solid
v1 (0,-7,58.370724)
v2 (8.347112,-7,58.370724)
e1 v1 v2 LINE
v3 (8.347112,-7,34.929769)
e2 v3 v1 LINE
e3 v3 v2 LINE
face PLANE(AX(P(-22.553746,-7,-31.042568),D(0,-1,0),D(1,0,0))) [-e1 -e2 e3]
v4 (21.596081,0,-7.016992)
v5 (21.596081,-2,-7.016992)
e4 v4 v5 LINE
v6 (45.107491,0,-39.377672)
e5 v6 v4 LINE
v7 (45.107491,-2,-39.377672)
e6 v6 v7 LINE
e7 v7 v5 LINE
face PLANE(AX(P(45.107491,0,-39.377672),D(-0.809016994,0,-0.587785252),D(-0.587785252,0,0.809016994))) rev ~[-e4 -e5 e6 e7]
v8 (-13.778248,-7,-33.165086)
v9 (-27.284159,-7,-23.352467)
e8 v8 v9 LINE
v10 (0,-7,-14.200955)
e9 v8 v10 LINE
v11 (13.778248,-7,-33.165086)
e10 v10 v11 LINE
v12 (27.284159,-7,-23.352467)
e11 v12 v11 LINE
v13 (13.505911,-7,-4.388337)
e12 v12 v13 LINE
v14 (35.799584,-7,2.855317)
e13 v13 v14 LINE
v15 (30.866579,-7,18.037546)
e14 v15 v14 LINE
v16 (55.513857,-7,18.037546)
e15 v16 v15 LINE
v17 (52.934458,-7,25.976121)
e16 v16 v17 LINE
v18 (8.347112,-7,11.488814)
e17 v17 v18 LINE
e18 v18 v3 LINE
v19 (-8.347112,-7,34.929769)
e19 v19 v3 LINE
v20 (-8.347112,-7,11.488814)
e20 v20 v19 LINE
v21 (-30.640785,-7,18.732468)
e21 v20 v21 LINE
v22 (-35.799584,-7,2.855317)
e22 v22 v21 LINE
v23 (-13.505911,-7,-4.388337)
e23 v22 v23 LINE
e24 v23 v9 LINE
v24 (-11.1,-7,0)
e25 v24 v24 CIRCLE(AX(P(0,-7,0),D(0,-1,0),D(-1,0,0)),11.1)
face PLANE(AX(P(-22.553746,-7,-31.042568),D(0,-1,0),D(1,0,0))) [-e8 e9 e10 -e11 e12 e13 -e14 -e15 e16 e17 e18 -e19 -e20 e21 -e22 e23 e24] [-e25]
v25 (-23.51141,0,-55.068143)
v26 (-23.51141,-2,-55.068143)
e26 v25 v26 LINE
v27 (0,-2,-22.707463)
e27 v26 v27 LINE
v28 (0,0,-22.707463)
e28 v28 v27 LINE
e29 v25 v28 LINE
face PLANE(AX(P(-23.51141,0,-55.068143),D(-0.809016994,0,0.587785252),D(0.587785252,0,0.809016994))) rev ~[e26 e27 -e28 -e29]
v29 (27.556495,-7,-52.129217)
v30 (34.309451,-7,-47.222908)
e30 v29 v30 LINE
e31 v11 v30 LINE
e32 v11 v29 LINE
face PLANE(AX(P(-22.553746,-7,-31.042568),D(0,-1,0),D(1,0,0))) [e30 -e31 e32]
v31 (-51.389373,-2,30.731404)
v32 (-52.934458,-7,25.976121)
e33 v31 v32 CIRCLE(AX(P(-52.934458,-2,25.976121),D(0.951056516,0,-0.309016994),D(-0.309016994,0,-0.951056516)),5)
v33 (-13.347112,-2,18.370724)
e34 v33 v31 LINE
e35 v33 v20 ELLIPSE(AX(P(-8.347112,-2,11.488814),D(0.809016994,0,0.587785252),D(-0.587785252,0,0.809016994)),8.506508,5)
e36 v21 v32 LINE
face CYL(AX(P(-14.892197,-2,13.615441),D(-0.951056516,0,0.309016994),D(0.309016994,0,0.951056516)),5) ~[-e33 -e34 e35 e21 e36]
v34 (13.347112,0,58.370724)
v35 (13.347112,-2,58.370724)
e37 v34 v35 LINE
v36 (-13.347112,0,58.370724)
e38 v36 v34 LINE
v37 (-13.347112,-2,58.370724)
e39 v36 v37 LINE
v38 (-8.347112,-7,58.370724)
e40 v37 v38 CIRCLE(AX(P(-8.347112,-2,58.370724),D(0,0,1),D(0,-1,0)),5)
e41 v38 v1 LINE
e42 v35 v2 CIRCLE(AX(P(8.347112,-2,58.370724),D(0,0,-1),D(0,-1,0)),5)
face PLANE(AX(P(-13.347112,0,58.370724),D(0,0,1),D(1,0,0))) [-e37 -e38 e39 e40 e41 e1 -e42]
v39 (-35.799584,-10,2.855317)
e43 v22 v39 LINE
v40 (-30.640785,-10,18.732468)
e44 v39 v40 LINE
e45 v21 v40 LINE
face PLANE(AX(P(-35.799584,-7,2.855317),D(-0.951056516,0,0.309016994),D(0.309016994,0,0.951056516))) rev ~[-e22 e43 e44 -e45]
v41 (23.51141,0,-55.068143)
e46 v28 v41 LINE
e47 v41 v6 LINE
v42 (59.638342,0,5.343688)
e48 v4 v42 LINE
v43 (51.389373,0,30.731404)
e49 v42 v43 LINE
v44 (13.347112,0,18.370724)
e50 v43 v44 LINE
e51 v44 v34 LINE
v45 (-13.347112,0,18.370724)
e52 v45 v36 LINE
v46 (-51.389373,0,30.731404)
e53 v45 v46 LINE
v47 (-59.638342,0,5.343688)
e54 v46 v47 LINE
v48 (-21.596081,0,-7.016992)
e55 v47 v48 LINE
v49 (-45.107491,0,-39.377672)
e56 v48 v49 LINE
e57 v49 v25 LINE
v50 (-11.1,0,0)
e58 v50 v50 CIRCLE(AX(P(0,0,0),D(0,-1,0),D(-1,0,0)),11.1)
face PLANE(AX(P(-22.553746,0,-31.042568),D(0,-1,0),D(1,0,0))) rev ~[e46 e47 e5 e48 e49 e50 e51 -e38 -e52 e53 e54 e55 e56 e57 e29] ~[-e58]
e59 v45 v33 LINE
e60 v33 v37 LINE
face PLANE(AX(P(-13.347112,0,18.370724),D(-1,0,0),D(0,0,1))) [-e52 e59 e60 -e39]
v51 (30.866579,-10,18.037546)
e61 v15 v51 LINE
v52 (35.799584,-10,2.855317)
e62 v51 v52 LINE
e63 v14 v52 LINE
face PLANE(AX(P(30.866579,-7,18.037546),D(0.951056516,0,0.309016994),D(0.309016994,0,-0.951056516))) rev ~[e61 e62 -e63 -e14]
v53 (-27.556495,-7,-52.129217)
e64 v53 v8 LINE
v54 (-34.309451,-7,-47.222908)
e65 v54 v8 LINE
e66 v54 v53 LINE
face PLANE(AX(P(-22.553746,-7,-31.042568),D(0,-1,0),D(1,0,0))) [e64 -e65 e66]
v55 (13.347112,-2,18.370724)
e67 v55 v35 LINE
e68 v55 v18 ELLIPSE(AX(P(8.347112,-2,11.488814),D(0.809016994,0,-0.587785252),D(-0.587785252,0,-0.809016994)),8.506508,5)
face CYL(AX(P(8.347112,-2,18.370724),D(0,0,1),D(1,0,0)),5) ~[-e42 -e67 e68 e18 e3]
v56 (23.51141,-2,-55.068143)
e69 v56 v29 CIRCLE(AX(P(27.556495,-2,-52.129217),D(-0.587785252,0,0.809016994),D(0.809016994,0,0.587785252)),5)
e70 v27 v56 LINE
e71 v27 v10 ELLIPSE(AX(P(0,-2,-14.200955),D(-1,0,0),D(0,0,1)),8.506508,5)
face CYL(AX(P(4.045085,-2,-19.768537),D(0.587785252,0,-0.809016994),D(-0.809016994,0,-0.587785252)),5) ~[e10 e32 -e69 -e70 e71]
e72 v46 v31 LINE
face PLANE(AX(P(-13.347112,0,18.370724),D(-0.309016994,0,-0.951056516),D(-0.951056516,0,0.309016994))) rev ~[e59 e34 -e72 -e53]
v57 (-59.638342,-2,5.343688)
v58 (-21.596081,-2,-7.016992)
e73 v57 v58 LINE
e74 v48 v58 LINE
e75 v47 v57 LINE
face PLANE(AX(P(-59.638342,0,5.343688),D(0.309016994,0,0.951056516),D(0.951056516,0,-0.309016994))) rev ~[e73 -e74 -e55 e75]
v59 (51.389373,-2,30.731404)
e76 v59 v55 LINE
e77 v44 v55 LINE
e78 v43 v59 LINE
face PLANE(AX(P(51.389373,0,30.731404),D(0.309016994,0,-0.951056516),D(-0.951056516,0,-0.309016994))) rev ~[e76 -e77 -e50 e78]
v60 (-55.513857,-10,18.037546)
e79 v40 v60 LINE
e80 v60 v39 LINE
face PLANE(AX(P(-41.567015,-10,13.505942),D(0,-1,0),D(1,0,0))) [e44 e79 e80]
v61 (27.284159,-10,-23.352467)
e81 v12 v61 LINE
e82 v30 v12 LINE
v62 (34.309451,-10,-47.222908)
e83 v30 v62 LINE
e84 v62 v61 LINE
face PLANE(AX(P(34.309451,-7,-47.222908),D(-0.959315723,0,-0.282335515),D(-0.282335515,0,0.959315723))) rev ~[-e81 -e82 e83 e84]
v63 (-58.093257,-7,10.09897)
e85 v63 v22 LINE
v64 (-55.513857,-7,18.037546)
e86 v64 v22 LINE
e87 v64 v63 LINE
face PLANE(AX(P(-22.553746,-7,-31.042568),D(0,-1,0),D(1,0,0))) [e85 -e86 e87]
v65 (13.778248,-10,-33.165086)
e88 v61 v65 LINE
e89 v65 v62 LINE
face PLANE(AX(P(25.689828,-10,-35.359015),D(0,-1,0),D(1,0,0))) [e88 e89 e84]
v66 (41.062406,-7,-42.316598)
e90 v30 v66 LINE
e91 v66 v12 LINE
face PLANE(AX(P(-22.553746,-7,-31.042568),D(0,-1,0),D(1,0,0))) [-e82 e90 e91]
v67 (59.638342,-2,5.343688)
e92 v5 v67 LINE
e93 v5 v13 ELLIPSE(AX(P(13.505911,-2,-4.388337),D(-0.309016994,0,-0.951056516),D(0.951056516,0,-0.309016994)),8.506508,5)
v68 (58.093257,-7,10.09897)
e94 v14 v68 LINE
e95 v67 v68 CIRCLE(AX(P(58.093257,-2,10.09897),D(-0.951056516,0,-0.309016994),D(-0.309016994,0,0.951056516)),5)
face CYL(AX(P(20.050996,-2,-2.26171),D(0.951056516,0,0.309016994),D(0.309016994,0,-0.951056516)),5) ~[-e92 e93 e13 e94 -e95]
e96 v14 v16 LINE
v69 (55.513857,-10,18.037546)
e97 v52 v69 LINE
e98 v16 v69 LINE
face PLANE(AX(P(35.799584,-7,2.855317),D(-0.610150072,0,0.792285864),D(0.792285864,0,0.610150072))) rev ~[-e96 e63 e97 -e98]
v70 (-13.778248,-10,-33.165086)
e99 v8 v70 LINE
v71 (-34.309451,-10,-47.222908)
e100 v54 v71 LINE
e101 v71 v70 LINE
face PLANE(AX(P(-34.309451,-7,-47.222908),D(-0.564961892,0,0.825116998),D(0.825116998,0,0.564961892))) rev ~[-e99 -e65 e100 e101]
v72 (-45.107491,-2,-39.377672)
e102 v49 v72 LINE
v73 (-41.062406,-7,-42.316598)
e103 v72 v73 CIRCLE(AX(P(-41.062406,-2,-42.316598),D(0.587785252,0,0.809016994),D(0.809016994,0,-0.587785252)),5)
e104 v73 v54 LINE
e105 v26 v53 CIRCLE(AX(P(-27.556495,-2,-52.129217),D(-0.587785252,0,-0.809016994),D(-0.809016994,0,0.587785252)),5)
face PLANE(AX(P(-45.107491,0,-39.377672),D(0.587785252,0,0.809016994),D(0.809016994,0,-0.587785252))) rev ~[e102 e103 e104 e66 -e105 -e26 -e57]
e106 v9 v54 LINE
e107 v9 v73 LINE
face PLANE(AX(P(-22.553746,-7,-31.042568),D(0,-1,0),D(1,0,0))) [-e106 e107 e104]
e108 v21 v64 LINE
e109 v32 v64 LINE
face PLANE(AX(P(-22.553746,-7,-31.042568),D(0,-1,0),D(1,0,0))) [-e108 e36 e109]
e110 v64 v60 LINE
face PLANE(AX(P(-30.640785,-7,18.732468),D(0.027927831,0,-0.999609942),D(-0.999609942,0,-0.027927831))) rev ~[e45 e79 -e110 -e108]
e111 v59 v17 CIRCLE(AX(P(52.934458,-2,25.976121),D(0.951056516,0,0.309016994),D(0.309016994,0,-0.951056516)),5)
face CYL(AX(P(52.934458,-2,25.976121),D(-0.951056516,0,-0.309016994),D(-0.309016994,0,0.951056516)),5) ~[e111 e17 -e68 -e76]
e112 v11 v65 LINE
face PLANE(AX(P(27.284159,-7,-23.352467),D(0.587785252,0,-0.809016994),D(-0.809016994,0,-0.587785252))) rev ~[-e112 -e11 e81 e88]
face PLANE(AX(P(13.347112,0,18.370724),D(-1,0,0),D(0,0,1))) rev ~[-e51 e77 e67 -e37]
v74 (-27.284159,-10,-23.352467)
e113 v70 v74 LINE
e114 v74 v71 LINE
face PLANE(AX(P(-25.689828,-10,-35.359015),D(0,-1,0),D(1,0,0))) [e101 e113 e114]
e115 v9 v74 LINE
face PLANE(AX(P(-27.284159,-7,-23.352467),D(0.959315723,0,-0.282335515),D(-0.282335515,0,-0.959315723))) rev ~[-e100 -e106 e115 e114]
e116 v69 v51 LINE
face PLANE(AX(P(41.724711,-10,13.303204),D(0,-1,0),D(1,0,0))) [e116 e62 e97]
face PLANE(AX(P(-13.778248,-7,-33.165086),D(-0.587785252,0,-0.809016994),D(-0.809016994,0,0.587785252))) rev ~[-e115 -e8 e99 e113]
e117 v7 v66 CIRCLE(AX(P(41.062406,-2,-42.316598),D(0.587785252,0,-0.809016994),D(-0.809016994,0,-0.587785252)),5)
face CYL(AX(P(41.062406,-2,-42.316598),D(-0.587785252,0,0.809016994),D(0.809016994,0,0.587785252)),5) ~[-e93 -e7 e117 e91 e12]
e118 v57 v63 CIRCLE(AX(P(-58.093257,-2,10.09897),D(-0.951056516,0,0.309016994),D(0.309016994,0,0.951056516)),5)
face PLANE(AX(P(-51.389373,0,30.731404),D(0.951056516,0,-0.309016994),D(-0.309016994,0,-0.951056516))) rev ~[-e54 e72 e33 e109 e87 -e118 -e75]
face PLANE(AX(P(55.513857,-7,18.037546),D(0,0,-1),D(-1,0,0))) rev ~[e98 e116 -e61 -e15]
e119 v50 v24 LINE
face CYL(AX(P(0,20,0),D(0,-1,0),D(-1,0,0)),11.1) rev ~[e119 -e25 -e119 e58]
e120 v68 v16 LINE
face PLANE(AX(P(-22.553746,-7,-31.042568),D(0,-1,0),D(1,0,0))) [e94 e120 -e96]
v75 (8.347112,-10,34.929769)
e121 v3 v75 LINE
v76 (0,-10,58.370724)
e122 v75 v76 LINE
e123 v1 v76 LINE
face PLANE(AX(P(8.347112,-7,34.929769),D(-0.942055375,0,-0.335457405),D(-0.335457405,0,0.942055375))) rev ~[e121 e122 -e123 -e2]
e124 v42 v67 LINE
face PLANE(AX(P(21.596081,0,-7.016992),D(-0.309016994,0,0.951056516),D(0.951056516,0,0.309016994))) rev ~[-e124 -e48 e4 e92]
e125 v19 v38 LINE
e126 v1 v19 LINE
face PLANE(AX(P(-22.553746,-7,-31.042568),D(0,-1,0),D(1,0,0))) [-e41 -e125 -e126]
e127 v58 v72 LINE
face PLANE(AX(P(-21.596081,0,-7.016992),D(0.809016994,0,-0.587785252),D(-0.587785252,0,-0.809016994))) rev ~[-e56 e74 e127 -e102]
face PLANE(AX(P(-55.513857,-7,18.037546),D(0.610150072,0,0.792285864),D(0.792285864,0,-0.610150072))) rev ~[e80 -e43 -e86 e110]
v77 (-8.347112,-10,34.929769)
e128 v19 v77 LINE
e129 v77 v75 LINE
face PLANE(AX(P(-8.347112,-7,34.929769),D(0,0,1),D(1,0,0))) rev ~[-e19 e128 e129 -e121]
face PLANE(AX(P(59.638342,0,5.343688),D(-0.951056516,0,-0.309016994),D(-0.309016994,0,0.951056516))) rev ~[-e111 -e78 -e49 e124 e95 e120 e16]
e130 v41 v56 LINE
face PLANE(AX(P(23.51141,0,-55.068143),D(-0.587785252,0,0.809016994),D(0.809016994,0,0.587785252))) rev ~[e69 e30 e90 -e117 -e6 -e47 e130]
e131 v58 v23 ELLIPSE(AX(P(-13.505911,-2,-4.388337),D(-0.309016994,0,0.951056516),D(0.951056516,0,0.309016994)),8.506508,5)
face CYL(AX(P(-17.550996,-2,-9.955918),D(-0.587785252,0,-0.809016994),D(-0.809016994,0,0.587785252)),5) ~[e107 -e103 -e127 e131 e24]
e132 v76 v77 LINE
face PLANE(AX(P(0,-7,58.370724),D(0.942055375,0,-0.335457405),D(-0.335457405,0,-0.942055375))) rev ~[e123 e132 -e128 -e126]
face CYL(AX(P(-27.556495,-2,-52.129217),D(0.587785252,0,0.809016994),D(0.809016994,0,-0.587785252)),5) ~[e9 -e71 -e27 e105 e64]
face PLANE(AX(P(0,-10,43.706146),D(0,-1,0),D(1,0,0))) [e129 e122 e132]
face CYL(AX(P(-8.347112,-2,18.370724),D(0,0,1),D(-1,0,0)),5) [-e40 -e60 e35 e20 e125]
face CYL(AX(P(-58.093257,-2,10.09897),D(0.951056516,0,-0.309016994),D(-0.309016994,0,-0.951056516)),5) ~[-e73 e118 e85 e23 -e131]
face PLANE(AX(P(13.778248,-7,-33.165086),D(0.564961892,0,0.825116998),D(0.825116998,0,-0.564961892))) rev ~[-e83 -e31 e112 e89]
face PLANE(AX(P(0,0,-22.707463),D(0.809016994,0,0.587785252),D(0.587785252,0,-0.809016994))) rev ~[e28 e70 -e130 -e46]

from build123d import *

# Parameters (mm, degrees)
F0_W     = 26.6942243119
F0_H     = 40
F1_DEPTH = 7
F2_R     = 5
F4_DEPTH = 3
F6_D     = 22.2
F6_DEPTH = 20
F6_TIP   = 6.6695528712


with BuildPart() as f1:
    # F0 (on Front) → F1 (new body)
    with BuildSketch(Plane.XZ):
        Polygon((-23.5114100917, -55.0681432643), (0, -22.7074634893), (-21.59608112, -7.0169921173), (-45.1074912117, -39.3776718923), align=None)
        Polygon((-21.59608112, -7.0169921173), (0, -22.7074634893), (21.59608112, -7.0169921173), (13.347112156, 18.370723862), (-13.347112156, 18.370723862), align=None)
        Polygon((21.59608112, -7.0169921173), (0, -22.7074634893), (23.5114100917, -55.0681432643), (45.1074912117, -39.3776718923), align=None)
        Polygon((-59.6383417718, 5.3436876577), (-21.59608112, -7.0169921173), (-13.347112156, 18.370723862), (-51.3893728078, 30.731403637), align=None)
        Polygon((13.347112156, 18.370723862), (21.59608112, -7.0169921173), (59.6383417718, 5.3436876577), (51.3893728078, 30.731403637), align=None)
        with Locations((0, 38.370723862)):
            Rectangle(F0_W, F0_H)
    extrude(amount=F1_DEPTH)

    # F2
    f2_edges = [f1.edges().sort_by_distance(p)[0] for p in [
        (-40.617211, -7, -0.836652),
        (-32.368242, -7, 24.551064),
        (-11.755705, -7, -38.887803),
        (40.617211, -7, -0.836652),
        (-33.351786, -7, -23.197332),
        (33.351786, -7, -23.197332),
        (11.755705, -7, -38.887803),
        (32.368242, -7, 24.551064),
        (13.347112, -7, 38.370724),
        (-13.347112, -7, 38.370724),
    ]]
    fillet(f2_edges, radius=F2_R)

    # F3 (on face) → F4 (join)
    with BuildSketch(Plane.XZ.offset(7)):
        Polygon((-55.5138572898, 18.0375456473), (-35.7995839881, 2.8553168412), (-30.6407849678, 18.7324676575), align=None)
        Polygon((0, 58.370723862), (-8.347112156, 34.9297690608), (8.347112156, 34.9297690608), align=None)
        Polygon((55.5138572898, 18.0375456473), (30.8665788163, 18.0375456473), (35.7995839881, 2.8553168412), align=None)
        Polygon((27.284158708, -23.3524673553), (13.7782475318, -33.1650862043), (34.3094506517, -47.2229075783), align=None)
        Polygon((-13.7782475318, -33.1650862043), (-27.284158708, -23.3524673553), (-34.3094506517, -47.2229075783), align=None)
    extrude(amount=F4_DEPTH)

    # F6
    with Locations(Plane(origin=(0, 0, 0), x_dir=(1, 0, 0), z_dir=(0, 1, 0))):
        with Locations((0, 0)):
            Hole(F6_D / 2, depth=F6_DEPTH)
            with Locations((0, 0, -(F6_DEPTH + F6_TIP / 2))):  # 118° drill point
                Cone(0, F6_D / 2, F6_TIP, mode=Mode.SUBTRACT)


solid = f1.part
